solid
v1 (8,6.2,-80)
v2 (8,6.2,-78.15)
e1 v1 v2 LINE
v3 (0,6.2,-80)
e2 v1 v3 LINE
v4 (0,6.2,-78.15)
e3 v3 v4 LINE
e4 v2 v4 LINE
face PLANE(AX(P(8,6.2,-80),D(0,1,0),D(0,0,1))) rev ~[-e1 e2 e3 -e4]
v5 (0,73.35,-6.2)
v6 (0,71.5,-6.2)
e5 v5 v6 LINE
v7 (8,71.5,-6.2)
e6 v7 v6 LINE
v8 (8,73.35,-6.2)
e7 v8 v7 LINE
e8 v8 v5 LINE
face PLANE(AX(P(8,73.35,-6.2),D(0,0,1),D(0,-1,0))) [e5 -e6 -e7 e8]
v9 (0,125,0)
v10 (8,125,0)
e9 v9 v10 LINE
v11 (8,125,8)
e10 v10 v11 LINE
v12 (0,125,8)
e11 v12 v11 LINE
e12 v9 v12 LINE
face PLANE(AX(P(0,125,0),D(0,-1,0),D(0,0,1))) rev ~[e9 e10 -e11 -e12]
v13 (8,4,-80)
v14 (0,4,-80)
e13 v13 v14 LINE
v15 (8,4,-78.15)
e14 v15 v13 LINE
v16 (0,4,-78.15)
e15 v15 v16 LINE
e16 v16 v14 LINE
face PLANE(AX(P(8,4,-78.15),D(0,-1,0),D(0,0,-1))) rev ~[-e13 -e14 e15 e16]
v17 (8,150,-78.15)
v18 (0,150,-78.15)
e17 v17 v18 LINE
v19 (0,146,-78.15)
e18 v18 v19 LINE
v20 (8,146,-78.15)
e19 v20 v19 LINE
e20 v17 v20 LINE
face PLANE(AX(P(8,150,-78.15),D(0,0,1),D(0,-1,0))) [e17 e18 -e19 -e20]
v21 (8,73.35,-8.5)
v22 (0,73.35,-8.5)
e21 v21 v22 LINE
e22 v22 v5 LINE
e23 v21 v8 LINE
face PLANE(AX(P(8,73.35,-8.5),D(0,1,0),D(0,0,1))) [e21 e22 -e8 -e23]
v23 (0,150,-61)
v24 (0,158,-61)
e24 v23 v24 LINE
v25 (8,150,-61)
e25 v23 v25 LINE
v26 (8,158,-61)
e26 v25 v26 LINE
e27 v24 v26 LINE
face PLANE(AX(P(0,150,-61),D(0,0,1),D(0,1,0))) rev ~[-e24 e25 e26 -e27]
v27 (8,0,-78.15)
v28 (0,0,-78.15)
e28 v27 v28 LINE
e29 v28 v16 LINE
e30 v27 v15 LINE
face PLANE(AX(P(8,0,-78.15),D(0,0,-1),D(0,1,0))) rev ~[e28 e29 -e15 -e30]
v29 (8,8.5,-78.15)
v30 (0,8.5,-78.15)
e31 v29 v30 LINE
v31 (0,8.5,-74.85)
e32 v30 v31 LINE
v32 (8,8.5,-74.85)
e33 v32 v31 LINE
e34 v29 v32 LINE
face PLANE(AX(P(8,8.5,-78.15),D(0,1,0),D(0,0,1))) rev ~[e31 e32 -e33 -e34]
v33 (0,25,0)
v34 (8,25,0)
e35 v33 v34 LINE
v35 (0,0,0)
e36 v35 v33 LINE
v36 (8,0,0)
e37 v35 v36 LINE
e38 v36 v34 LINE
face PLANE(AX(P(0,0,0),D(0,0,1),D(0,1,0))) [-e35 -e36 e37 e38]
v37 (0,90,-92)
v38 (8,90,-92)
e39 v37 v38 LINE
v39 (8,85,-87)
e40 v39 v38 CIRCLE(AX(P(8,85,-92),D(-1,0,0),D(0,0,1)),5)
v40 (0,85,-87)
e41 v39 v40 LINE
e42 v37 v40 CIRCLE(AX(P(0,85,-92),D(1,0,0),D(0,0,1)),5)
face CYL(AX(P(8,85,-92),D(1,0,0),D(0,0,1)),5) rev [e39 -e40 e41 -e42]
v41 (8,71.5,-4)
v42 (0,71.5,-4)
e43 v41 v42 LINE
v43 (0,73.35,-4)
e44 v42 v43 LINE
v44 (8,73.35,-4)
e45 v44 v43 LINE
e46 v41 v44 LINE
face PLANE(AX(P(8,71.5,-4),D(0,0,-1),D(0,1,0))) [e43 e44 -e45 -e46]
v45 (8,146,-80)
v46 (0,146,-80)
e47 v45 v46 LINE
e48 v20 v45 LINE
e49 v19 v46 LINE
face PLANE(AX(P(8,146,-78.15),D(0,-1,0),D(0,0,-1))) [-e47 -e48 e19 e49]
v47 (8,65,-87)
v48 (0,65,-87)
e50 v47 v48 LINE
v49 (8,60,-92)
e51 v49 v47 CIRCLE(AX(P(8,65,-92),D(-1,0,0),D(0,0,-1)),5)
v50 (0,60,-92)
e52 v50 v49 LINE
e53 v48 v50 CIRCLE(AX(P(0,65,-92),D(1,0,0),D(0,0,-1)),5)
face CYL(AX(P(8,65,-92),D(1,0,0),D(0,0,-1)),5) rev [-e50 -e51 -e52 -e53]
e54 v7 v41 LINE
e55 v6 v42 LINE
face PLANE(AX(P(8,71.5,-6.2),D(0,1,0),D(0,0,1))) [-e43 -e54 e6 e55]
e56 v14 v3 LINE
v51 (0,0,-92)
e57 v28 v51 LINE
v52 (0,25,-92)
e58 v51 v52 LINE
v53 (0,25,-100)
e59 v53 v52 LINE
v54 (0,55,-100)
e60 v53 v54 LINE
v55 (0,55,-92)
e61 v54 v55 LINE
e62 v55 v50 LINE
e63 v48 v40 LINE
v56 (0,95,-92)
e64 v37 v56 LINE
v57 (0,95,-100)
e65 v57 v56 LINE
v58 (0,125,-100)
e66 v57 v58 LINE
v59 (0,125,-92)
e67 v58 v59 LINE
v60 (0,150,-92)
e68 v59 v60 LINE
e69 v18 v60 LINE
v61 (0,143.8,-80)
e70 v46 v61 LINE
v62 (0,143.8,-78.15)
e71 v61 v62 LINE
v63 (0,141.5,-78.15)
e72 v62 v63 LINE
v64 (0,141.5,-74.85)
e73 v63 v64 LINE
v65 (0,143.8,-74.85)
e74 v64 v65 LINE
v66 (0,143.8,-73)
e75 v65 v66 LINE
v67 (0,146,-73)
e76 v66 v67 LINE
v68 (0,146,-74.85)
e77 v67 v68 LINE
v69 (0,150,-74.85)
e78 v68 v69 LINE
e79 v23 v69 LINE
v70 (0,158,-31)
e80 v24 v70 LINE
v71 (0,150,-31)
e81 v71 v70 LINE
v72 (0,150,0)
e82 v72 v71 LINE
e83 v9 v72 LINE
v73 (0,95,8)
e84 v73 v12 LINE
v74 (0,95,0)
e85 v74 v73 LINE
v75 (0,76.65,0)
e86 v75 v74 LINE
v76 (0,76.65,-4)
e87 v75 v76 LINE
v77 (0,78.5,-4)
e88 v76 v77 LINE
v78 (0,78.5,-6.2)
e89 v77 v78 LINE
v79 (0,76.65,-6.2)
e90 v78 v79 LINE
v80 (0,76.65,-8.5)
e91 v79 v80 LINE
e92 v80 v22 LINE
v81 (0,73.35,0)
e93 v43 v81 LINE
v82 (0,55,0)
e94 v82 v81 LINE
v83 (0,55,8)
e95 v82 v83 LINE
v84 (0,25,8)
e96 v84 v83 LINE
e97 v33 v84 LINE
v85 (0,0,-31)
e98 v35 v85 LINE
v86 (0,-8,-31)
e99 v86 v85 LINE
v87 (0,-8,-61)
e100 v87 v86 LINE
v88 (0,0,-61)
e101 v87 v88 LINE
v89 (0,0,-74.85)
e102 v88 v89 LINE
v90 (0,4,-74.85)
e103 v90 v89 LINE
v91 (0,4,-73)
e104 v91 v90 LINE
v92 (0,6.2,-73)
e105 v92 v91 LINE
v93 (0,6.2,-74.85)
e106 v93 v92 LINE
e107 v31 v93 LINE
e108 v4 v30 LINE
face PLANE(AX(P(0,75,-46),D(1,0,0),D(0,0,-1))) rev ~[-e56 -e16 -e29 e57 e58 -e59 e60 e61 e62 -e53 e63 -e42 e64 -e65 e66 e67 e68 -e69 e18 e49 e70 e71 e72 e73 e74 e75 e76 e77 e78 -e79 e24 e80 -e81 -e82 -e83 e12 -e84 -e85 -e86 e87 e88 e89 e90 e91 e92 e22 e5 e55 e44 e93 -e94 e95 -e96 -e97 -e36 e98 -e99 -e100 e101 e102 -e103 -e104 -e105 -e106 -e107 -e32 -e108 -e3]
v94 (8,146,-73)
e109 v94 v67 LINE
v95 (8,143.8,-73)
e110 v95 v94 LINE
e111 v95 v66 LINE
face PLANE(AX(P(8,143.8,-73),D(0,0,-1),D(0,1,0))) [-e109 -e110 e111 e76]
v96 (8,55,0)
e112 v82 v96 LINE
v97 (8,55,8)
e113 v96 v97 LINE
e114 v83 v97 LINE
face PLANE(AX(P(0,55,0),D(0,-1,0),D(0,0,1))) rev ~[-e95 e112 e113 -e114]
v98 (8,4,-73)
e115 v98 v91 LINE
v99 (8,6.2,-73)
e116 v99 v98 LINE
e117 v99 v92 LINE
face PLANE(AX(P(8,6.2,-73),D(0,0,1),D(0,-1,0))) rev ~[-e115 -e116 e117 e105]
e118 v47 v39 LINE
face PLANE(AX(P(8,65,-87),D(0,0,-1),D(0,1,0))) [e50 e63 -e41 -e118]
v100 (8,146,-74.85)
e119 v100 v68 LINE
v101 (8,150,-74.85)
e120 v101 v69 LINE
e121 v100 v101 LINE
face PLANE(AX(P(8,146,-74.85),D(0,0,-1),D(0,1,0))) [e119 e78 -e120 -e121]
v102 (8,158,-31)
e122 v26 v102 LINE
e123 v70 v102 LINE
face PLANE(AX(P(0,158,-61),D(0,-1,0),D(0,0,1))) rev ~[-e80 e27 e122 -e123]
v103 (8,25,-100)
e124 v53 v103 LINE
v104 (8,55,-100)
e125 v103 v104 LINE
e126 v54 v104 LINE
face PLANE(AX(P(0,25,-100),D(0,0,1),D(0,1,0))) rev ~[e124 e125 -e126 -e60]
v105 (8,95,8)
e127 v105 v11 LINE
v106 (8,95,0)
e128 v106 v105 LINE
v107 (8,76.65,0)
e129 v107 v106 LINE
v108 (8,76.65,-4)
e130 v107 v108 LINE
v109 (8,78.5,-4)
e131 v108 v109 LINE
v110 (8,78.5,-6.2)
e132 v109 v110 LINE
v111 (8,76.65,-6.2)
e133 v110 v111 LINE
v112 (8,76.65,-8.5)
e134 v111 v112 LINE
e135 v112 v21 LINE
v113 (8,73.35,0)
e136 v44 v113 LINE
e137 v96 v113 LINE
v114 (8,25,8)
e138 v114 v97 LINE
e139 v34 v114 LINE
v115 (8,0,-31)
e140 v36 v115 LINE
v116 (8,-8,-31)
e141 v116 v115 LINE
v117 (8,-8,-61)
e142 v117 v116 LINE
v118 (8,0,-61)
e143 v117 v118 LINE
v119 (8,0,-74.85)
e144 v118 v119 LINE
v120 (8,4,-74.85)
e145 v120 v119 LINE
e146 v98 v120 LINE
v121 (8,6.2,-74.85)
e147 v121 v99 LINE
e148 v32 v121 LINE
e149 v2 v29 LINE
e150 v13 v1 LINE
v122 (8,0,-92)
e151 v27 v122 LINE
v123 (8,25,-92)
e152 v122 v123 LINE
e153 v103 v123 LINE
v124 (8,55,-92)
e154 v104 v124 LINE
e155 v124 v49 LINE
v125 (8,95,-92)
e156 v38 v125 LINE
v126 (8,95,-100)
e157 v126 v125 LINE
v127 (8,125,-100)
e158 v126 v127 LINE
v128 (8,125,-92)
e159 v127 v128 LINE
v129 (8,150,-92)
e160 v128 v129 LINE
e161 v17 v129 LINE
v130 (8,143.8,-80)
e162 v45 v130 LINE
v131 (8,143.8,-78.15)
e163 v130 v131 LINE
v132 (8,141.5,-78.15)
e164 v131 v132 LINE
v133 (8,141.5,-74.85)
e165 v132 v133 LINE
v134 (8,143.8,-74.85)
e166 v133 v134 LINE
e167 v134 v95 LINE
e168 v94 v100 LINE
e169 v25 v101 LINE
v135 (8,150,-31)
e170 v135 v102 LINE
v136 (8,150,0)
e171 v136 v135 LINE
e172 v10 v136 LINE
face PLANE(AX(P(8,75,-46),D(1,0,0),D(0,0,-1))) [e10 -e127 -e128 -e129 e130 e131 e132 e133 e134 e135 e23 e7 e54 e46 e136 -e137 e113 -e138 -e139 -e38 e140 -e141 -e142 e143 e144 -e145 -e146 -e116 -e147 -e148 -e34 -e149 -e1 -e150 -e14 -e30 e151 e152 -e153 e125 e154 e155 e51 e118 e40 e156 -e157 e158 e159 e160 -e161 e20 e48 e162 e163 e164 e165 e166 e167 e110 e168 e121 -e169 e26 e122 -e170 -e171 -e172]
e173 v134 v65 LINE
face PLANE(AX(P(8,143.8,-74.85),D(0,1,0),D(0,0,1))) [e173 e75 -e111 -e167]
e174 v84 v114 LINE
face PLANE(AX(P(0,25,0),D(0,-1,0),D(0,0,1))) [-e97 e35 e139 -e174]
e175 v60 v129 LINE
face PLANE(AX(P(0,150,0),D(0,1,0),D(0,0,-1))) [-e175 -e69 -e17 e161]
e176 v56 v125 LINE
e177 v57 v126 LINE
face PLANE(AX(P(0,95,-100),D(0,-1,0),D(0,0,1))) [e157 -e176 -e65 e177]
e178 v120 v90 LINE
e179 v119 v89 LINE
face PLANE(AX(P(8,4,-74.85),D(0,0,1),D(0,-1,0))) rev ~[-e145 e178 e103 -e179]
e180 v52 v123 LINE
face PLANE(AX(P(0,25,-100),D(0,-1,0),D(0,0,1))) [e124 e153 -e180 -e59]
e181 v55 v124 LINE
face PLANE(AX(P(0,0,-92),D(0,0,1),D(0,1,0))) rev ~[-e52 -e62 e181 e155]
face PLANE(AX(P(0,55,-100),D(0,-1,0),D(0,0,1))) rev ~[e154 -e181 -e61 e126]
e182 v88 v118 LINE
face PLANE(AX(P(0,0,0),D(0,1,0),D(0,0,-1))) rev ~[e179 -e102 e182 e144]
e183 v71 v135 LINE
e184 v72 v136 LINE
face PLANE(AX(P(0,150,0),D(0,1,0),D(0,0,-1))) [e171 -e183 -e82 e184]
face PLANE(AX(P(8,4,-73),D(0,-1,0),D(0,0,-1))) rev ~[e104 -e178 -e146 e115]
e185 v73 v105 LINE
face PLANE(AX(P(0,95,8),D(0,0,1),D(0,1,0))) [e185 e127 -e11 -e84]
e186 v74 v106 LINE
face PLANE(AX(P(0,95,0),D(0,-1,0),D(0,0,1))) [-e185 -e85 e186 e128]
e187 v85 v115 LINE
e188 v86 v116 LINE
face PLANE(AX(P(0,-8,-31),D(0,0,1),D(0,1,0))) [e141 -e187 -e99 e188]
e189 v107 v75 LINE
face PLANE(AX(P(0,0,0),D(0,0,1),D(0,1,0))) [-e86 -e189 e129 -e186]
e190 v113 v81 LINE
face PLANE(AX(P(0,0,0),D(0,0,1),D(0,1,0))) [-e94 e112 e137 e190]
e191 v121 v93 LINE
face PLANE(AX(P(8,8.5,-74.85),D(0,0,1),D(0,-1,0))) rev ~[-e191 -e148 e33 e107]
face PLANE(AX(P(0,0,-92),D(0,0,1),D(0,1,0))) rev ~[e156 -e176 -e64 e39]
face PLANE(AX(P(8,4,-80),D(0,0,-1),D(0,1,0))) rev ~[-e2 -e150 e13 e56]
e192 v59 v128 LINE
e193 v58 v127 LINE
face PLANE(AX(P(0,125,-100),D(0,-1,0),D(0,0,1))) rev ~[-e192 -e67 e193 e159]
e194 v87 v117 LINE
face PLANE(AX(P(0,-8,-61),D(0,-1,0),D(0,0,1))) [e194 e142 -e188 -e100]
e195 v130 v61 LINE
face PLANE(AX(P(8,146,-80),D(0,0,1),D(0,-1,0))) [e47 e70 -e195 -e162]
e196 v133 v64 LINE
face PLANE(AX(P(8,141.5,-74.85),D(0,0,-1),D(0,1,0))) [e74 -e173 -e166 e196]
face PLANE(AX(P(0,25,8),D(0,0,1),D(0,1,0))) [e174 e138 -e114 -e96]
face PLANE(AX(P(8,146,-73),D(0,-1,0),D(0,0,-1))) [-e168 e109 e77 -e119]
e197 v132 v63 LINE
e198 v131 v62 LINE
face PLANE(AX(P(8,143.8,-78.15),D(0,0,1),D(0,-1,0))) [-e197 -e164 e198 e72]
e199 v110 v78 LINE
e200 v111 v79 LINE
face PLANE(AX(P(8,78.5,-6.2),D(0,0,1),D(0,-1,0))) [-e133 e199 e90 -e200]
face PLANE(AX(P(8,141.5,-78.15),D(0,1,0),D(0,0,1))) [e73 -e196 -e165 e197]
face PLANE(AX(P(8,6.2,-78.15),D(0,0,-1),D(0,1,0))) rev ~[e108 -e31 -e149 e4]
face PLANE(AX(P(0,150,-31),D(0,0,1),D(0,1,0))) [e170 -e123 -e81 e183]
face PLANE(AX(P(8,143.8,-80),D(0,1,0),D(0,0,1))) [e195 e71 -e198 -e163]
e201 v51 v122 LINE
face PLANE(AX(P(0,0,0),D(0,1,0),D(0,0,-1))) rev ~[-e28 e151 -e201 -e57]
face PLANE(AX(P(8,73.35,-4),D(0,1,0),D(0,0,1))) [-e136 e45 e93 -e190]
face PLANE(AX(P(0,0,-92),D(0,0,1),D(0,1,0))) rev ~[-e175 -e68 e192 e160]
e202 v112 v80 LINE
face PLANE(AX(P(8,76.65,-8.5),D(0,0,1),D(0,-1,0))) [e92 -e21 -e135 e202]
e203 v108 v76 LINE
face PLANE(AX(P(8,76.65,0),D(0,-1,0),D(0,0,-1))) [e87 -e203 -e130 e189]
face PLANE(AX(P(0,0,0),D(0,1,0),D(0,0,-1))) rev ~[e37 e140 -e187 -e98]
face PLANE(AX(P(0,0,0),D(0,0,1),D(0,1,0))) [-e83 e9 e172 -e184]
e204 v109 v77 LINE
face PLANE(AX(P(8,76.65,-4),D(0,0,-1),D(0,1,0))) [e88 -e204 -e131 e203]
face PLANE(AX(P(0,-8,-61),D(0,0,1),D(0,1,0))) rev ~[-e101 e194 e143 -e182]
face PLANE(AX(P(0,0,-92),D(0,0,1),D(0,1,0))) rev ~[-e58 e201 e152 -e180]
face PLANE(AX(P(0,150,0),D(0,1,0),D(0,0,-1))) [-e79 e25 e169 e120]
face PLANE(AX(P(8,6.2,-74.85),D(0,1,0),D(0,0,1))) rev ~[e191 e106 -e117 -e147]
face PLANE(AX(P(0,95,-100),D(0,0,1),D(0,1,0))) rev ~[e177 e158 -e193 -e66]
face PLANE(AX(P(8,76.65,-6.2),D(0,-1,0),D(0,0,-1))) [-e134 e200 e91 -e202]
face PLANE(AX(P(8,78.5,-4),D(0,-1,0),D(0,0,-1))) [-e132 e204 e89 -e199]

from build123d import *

# Parameters (mm, degrees)
SKETCH1_W           = 92
SKETCH1_H           = 150
BOSS_EXTRUDE1_DEPTH = 8
SKETCH2_W           = 30
SKETCH2_H           = 8
SKETCH2_W_2         = 8
SKETCH2_H_2         = 30
BOSS_EXTRUDE2_DEPTH = 8
CUT_EXTRUDE2_DEPTH  = 9


with BuildPart() as part:
    # Sketch1 → Boss-Extrude1 (new body)
    with BuildSketch(Plane(origin=(0, 0, 0), x_dir=(0, 0, -1), z_dir=(1, 0, 0))):
        with Locations((46, 75)):
            Rectangle(SKETCH1_W, SKETCH1_H)
    extrude(amount=BOSS_EXTRUDE1_DEPTH)

    # Sketch2 → Boss-Extrude2 (add)
    with BuildSketch(Plane.ZY):
        with Locations((-46, 154)):
            Rectangle(SKETCH2_W, SKETCH2_H)
        with Locations((-46, -4)):
            Rectangle(SKETCH2_W, SKETCH2_H)
        with Locations((4, 40)):
            Rectangle(SKETCH2_W_2, SKETCH2_H_2)
        with Locations((4, 110)):
            Rectangle(SKETCH2_W_2, SKETCH2_H_2)
        with Locations((-96, 40)):
            Rectangle(SKETCH2_W_2, SKETCH2_H_2)
        with Locations((-96, 110)):
            Rectangle(SKETCH2_W_2, SKETCH2_H_2)
    extrude(amount=-BOSS_EXTRUDE2_DEPTH)

    # Sketch4 → Cut-Extrude2 (cut, through all)
    with BuildSketch(Plane(origin=(8, 0, 0), x_dir=(0, 0, -1), z_dir=(1, 0, 0))):
        with BuildLine():
            Line((97, 85), (97, 65))
            ThreePointArc((97, 65), (92, 60), (87, 65))
            Line((87, 65), (87, 85))
            ThreePointArc((87, 85), (92, 90), (97, 85))
        make_face()
        Polygon((0, 76.65), (4, 76.65), (4, 78.5), (6.2, 78.5), (6.2, 76.65), (8.5, 76.65), (8.5, 73.35), (6.2, 73.35), (6.2, 71.5), (4, 71.5), (4, 73.35), (0, 73.35), align=None)
        Polygon((78.15, 0), (78.15, 4), (80, 4), (80, 6.2), (78.15, 6.2), (78.15, 8.5), (74.85, 8.5), (74.85, 6.2), (73, 6.2), (73, 4), (74.85, 4), (74.85, 0), align=None)
        Polygon((74.85, 150), (78.15, 150), (78.15, 146), (80, 146), (80, 143.8), (78.15, 143.8), (78.15, 141.5), (74.85, 141.5), (74.85, 143.8), (73, 143.8), (73, 146), (74.85, 146), align=None)
    extrude(amount=-CUT_EXTRUDE2_DEPTH, mode=Mode.SUBTRACT)


solid = part.part
